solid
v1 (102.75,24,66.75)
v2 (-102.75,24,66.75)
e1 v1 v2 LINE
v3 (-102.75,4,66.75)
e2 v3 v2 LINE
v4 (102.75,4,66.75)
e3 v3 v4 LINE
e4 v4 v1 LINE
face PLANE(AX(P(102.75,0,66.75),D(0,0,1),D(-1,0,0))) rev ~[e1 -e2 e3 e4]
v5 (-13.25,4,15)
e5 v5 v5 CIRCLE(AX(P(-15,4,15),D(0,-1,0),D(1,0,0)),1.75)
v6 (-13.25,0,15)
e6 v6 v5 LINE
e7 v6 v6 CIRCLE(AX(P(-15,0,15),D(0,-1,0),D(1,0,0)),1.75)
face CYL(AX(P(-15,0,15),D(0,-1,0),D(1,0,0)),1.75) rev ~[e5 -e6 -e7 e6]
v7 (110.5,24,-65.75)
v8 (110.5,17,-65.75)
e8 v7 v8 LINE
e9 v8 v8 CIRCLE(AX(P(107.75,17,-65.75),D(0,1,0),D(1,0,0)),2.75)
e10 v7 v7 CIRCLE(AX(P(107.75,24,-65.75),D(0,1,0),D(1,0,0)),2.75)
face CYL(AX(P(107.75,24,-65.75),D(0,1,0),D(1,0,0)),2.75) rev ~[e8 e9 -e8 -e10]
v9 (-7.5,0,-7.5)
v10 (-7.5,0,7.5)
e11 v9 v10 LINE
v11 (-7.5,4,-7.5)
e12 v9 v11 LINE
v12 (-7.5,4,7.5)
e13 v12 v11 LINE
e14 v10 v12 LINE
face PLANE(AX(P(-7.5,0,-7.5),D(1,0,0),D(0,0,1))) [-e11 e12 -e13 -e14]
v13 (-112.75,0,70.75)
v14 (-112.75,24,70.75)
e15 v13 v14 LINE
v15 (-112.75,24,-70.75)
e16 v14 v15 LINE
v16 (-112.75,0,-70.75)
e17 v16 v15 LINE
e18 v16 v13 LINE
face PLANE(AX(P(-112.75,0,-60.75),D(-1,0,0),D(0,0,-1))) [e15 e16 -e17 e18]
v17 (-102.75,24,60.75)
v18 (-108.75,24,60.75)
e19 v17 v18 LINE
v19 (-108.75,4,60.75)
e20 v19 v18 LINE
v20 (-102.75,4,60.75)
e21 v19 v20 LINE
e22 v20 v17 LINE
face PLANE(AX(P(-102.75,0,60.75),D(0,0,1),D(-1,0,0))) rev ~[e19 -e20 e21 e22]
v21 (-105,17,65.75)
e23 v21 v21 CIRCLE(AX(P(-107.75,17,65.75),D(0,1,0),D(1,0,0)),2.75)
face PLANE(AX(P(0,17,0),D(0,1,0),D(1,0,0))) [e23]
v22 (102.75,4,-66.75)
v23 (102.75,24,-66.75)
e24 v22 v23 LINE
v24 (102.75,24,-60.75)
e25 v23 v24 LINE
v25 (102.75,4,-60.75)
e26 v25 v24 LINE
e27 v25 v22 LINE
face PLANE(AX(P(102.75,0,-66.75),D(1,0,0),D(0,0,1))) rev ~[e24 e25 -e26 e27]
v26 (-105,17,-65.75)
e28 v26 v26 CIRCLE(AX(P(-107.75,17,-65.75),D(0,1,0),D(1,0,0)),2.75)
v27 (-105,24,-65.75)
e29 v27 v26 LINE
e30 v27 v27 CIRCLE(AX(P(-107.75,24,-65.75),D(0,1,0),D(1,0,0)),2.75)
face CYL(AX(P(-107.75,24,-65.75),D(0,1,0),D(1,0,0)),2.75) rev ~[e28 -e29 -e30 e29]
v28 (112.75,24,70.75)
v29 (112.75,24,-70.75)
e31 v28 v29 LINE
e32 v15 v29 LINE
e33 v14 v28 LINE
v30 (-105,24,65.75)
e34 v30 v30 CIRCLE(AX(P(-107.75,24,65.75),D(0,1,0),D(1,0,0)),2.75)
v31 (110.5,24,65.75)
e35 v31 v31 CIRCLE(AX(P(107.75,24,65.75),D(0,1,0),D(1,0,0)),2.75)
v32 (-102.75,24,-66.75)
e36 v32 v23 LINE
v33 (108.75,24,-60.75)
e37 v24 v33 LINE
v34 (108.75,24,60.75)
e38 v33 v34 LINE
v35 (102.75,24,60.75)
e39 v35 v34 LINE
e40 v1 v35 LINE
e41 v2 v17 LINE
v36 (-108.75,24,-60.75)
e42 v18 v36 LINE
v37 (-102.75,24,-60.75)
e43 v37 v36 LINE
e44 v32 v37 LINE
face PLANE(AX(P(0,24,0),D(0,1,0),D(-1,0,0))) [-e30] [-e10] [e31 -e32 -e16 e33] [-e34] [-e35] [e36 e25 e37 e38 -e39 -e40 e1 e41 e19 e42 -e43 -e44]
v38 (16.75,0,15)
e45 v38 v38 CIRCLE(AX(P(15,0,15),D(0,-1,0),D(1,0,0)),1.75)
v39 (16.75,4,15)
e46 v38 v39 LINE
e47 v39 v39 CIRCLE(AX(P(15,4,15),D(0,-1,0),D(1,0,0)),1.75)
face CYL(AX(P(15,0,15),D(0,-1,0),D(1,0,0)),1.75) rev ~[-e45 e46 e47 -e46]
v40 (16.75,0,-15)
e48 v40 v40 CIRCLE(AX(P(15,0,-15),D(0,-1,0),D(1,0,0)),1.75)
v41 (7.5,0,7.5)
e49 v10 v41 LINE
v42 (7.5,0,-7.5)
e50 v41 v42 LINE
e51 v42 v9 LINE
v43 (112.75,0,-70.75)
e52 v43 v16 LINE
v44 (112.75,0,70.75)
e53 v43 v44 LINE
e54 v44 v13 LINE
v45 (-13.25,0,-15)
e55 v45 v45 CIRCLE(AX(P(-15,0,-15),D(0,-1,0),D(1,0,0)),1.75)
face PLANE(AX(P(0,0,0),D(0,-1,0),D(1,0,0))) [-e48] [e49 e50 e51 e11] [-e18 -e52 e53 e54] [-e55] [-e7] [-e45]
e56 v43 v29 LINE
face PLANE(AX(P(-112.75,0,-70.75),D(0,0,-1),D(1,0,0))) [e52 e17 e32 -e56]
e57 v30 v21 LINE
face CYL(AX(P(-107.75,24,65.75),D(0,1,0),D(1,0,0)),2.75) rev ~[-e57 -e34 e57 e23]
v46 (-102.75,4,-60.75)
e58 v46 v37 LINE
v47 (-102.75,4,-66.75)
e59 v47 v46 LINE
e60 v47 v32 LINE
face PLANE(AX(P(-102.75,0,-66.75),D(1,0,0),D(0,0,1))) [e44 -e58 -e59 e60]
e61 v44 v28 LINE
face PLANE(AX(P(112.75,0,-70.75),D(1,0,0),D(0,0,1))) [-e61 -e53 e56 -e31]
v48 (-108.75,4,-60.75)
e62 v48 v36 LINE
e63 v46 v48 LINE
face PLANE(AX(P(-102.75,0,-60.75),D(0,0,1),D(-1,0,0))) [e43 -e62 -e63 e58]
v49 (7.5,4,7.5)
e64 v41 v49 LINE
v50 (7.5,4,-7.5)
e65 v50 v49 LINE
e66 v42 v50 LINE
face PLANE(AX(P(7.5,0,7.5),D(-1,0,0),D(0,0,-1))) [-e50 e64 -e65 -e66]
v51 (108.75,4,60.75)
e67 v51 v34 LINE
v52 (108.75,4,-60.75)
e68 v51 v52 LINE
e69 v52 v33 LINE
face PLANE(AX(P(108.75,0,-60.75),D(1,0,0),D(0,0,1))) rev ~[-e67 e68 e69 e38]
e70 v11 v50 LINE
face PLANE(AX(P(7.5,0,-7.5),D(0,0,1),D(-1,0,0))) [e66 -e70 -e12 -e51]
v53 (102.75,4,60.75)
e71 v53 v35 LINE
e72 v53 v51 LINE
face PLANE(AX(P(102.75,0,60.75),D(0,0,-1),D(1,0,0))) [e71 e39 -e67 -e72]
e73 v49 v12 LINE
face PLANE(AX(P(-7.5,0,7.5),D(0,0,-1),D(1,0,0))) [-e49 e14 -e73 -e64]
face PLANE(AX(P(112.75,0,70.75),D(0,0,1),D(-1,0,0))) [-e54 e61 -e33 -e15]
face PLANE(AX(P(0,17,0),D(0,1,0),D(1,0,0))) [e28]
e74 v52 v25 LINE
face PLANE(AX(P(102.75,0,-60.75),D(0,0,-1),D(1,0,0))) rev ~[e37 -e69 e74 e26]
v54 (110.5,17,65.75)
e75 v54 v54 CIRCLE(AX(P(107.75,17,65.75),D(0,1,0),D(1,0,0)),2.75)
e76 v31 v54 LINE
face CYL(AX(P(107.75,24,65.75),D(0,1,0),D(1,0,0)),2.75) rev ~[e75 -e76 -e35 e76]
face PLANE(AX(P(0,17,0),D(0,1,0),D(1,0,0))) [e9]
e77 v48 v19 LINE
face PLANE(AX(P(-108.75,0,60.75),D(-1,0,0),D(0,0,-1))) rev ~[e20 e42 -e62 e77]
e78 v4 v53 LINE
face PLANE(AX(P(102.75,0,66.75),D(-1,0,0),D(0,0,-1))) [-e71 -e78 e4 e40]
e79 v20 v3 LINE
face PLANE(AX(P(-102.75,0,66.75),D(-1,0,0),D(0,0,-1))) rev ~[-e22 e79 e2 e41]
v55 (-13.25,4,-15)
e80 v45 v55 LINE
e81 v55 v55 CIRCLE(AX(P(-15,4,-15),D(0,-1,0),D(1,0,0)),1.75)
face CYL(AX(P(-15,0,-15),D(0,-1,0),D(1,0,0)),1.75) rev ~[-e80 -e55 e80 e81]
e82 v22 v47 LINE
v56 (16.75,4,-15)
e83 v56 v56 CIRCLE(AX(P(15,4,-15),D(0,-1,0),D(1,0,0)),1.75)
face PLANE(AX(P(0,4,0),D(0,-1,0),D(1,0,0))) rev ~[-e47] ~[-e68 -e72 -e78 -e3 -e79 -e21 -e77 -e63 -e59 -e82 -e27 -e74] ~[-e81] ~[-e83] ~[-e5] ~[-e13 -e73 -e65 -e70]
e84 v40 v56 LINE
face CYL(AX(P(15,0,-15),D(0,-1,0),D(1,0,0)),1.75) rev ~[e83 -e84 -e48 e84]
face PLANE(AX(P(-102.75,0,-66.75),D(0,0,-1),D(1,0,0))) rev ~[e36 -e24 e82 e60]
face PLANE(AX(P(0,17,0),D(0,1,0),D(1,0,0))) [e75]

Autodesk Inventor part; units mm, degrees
ref_plane "YZ Plane" through (0, 0, 0) normal (1, 0, 0) x (0, 1, 0)
ref_plane "XZ Plane" through (0, 0, 0) normal (0, 1, 0) x (-1, 0, 0)
ref_plane "XY Plane" through (0, 0, 0) normal (0, 0, 1) x (1, 0, 0)
sketch "Sketch1" plane through (0, 0, 0) normal (0, 1, 0) x (-1, 0, 0)
  line L0 (112.75, -70.75) -> (-112.75, -70.75)
  line L1 (-112.75, -70.75) -> (-112.75, 70.75)
  line L2 (-112.75, 70.75) -> (112.75, 70.75)
  line L3 (112.75, 70.75) -> (112.75, -70.75)
  line L4 (0, -70.75) -> (0, 70.75) construction
  line L5 (112.75, 0) -> (-112.75, 0) construction
  line L6 (112.75, -70.75) -> (102.75, -70.75)
  line L7 (102.75, -66.75) -> (102.75, -60.75)
  line L8 (102.75, -60.75) -> (108.75, -60.75)
  line L9 (112.75, -60.75) -> (112.75, -70.75)
  line L10 (112.75, 70.75) -> (102.75, 70.75)
  line L11 (102.75, 66.75) -> (102.75, 60.75)
  line L12 (102.75, 60.75) -> (108.75, 60.75)
  line L13 (112.75, 60.75) -> (112.75, 70.75)
  line L14 (-112.75, -70.75) -> (-102.75, -70.75)
  line L15 (-102.75, -66.75) -> (-102.75, -60.75)
  line L16 (-102.75, -60.75) -> (-108.75, -60.75)
  line L17 (-112.75, -60.75) -> (-112.75, -70.75)
  line L18 (-102.75, 60.75) -> (-108.75, 60.75)
  line L19 (-112.75, 60.75) -> (-112.75, 70.75)
  line L20 (-112.75, 70.75) -> (-102.75, 70.75)
  line L21 (-102.75, 66.75) -> (-102.75, 60.75)
  line L22 (102.75, -66.75) -> (-102.75, -66.75)
  line L23 (-108.75, -60.75) -> (-108.75, 60.75)
  line L24 (-102.75, 66.75) -> (102.75, 66.75)
  line L25 (108.75, 60.75) -> (108.75, -60.75)
  point P0 (0, 0)
  point P1 (0, 0)
  dimension "d0" = 225.5
  dimension "d1" = 141.5
  dimension "d2" = 10
  dimension "d3" = 10
  dimension "d5" = 4
  dimension "d6" = 4
extrude "Extrusion1" add sketch "Sketch1" along normal blind 24
sketch "Sketch2" plane through (0, 24, 0) normal (0, 1, 0) x (1, 0, 0)
  line L0 (-108.75, 60.75) -> (-102.75, 60.75) construction
  line L1 (-102.75, 60.75) -> (-112.75, 60.75) construction
  line L2 (-112.75, 60.75) -> (-112.75, 70.75) construction
  line L3 (-112.75, 70.75) -> (-102.75, 70.75) construction
  line L4 (-102.75, 70.75) -> (-102.75, 60.75) construction
  line L5 (-112.75, 70.75) -> (-112.75, -70.75) construction
  line L6 (-112.75, 0) -> (112.75, 0) construction
  line L7 (112.75, 70.75) -> (112.75, -70.75) construction
  line L8 (-112.75, -70.75) -> (112.75, -70.75) construction
  line L9 (0, -70.75) -> (0, 70.75) construction
  line L10 (-112.75, 70.75) -> (112.75, 70.75) construction
  circle A0 centre (-107.75, 65.75) radius 2.75
  circle A1 centre (-107.75, -65.75) radius 2.75
  circle A2 centre (107.75, 65.75) radius 2.75
  circle A3 centre (107.75, -65.75) radius 2.75
  point P0 (0, 0)
  dimension "d9" = 5.5
extrude "Extrusion2" cut sketch "Sketch2" against normal blind 7
sketch "Sketch4" plane through (0, 0, 0) normal (0, -1, 0) x (1, 0, 0)
  line L0 (-108.75, -60.75) -> (-108.75, 60.75) projected
  line L1 (-108.75, 60.75) -> (-102.75, 60.75) projected
  line L2 (-102.75, 60.75) -> (-102.75, 66.75) projected
  line L3 (-102.75, 66.75) -> (102.75, 66.75) projected
  line L4 (102.75, -66.75) -> (-102.75, -66.75) projected
  line L5 (-102.75, -66.75) -> (-102.75, -60.75) projected
  line L6 (-102.75, -60.75) -> (-108.75, -60.75) projected
  line L7 (102.75, -60.75) -> (102.75, -66.75) projected
  line L8 (108.75, -60.75) -> (102.75, -60.75) projected
  line L9 (108.75, 60.75) -> (108.75, -60.75) projected
  line L10 (102.75, 60.75) -> (108.75, 60.75) projected
  line L11 (102.75, 66.75) -> (102.75, 60.75) projected
  point P0 (0, 0)
extrude "Extrusion4" add sketch "Sketch4" against normal blind 4
sketch "Sketch5" plane through (0, 0, 0) normal (0, -1, 0) x (1, 0, 0)
  line L0 (112.75, -70.75) -> (-112.75, -70.75) construction
  line L1 (0, -70.75) -> (0, 70.75) construction
  line L2 (-112.75, 70.75) -> (112.75, 70.75) construction
  line L3 (112.75, 70.75) -> (112.75, -70.75) construction
  line L4 (112.75, 0) -> (-112.75, 0) construction
  line L5 (-112.75, -70.75) -> (-112.75, 70.75) construction
  line L6 (0, 0) -> (15, 0) construction
  line L7 (15, 0) -> (15, -15) construction
  line L8 (15, -15) -> (0, -15) construction
  line L9 (0, -15) -> (0, 0) construction
  circle A0 centre (15, -15) radius 1.75
  circle A1 centre (-15, -15) radius 1.75
  circle A2 centre (15, 15) radius 1.75
  circle A3 centre (-15, 15) radius 1.75
  line L10 (7.5, -7.5) -> (-7.5, -7.5)
  line L11 (-7.5, -7.5) -> (-7.5, 7.5)
  line L12 (-7.5, 7.5) -> (7.5, 7.5)
  line L13 (7.5, 7.5) -> (7.5, -7.5)
  dimension "d16" = 15
  dimension "d17" = 15
  dimension "d18" = 3.5
  dimension "d21" = 15
  dimension "d22" = 15
  dimension "d23" = 7.5
  dimension "d24" = 7.5
extrude "Extrusion5" cut sketch "Sketch5" against normal up to next
properties part number "touchscreen_case"
